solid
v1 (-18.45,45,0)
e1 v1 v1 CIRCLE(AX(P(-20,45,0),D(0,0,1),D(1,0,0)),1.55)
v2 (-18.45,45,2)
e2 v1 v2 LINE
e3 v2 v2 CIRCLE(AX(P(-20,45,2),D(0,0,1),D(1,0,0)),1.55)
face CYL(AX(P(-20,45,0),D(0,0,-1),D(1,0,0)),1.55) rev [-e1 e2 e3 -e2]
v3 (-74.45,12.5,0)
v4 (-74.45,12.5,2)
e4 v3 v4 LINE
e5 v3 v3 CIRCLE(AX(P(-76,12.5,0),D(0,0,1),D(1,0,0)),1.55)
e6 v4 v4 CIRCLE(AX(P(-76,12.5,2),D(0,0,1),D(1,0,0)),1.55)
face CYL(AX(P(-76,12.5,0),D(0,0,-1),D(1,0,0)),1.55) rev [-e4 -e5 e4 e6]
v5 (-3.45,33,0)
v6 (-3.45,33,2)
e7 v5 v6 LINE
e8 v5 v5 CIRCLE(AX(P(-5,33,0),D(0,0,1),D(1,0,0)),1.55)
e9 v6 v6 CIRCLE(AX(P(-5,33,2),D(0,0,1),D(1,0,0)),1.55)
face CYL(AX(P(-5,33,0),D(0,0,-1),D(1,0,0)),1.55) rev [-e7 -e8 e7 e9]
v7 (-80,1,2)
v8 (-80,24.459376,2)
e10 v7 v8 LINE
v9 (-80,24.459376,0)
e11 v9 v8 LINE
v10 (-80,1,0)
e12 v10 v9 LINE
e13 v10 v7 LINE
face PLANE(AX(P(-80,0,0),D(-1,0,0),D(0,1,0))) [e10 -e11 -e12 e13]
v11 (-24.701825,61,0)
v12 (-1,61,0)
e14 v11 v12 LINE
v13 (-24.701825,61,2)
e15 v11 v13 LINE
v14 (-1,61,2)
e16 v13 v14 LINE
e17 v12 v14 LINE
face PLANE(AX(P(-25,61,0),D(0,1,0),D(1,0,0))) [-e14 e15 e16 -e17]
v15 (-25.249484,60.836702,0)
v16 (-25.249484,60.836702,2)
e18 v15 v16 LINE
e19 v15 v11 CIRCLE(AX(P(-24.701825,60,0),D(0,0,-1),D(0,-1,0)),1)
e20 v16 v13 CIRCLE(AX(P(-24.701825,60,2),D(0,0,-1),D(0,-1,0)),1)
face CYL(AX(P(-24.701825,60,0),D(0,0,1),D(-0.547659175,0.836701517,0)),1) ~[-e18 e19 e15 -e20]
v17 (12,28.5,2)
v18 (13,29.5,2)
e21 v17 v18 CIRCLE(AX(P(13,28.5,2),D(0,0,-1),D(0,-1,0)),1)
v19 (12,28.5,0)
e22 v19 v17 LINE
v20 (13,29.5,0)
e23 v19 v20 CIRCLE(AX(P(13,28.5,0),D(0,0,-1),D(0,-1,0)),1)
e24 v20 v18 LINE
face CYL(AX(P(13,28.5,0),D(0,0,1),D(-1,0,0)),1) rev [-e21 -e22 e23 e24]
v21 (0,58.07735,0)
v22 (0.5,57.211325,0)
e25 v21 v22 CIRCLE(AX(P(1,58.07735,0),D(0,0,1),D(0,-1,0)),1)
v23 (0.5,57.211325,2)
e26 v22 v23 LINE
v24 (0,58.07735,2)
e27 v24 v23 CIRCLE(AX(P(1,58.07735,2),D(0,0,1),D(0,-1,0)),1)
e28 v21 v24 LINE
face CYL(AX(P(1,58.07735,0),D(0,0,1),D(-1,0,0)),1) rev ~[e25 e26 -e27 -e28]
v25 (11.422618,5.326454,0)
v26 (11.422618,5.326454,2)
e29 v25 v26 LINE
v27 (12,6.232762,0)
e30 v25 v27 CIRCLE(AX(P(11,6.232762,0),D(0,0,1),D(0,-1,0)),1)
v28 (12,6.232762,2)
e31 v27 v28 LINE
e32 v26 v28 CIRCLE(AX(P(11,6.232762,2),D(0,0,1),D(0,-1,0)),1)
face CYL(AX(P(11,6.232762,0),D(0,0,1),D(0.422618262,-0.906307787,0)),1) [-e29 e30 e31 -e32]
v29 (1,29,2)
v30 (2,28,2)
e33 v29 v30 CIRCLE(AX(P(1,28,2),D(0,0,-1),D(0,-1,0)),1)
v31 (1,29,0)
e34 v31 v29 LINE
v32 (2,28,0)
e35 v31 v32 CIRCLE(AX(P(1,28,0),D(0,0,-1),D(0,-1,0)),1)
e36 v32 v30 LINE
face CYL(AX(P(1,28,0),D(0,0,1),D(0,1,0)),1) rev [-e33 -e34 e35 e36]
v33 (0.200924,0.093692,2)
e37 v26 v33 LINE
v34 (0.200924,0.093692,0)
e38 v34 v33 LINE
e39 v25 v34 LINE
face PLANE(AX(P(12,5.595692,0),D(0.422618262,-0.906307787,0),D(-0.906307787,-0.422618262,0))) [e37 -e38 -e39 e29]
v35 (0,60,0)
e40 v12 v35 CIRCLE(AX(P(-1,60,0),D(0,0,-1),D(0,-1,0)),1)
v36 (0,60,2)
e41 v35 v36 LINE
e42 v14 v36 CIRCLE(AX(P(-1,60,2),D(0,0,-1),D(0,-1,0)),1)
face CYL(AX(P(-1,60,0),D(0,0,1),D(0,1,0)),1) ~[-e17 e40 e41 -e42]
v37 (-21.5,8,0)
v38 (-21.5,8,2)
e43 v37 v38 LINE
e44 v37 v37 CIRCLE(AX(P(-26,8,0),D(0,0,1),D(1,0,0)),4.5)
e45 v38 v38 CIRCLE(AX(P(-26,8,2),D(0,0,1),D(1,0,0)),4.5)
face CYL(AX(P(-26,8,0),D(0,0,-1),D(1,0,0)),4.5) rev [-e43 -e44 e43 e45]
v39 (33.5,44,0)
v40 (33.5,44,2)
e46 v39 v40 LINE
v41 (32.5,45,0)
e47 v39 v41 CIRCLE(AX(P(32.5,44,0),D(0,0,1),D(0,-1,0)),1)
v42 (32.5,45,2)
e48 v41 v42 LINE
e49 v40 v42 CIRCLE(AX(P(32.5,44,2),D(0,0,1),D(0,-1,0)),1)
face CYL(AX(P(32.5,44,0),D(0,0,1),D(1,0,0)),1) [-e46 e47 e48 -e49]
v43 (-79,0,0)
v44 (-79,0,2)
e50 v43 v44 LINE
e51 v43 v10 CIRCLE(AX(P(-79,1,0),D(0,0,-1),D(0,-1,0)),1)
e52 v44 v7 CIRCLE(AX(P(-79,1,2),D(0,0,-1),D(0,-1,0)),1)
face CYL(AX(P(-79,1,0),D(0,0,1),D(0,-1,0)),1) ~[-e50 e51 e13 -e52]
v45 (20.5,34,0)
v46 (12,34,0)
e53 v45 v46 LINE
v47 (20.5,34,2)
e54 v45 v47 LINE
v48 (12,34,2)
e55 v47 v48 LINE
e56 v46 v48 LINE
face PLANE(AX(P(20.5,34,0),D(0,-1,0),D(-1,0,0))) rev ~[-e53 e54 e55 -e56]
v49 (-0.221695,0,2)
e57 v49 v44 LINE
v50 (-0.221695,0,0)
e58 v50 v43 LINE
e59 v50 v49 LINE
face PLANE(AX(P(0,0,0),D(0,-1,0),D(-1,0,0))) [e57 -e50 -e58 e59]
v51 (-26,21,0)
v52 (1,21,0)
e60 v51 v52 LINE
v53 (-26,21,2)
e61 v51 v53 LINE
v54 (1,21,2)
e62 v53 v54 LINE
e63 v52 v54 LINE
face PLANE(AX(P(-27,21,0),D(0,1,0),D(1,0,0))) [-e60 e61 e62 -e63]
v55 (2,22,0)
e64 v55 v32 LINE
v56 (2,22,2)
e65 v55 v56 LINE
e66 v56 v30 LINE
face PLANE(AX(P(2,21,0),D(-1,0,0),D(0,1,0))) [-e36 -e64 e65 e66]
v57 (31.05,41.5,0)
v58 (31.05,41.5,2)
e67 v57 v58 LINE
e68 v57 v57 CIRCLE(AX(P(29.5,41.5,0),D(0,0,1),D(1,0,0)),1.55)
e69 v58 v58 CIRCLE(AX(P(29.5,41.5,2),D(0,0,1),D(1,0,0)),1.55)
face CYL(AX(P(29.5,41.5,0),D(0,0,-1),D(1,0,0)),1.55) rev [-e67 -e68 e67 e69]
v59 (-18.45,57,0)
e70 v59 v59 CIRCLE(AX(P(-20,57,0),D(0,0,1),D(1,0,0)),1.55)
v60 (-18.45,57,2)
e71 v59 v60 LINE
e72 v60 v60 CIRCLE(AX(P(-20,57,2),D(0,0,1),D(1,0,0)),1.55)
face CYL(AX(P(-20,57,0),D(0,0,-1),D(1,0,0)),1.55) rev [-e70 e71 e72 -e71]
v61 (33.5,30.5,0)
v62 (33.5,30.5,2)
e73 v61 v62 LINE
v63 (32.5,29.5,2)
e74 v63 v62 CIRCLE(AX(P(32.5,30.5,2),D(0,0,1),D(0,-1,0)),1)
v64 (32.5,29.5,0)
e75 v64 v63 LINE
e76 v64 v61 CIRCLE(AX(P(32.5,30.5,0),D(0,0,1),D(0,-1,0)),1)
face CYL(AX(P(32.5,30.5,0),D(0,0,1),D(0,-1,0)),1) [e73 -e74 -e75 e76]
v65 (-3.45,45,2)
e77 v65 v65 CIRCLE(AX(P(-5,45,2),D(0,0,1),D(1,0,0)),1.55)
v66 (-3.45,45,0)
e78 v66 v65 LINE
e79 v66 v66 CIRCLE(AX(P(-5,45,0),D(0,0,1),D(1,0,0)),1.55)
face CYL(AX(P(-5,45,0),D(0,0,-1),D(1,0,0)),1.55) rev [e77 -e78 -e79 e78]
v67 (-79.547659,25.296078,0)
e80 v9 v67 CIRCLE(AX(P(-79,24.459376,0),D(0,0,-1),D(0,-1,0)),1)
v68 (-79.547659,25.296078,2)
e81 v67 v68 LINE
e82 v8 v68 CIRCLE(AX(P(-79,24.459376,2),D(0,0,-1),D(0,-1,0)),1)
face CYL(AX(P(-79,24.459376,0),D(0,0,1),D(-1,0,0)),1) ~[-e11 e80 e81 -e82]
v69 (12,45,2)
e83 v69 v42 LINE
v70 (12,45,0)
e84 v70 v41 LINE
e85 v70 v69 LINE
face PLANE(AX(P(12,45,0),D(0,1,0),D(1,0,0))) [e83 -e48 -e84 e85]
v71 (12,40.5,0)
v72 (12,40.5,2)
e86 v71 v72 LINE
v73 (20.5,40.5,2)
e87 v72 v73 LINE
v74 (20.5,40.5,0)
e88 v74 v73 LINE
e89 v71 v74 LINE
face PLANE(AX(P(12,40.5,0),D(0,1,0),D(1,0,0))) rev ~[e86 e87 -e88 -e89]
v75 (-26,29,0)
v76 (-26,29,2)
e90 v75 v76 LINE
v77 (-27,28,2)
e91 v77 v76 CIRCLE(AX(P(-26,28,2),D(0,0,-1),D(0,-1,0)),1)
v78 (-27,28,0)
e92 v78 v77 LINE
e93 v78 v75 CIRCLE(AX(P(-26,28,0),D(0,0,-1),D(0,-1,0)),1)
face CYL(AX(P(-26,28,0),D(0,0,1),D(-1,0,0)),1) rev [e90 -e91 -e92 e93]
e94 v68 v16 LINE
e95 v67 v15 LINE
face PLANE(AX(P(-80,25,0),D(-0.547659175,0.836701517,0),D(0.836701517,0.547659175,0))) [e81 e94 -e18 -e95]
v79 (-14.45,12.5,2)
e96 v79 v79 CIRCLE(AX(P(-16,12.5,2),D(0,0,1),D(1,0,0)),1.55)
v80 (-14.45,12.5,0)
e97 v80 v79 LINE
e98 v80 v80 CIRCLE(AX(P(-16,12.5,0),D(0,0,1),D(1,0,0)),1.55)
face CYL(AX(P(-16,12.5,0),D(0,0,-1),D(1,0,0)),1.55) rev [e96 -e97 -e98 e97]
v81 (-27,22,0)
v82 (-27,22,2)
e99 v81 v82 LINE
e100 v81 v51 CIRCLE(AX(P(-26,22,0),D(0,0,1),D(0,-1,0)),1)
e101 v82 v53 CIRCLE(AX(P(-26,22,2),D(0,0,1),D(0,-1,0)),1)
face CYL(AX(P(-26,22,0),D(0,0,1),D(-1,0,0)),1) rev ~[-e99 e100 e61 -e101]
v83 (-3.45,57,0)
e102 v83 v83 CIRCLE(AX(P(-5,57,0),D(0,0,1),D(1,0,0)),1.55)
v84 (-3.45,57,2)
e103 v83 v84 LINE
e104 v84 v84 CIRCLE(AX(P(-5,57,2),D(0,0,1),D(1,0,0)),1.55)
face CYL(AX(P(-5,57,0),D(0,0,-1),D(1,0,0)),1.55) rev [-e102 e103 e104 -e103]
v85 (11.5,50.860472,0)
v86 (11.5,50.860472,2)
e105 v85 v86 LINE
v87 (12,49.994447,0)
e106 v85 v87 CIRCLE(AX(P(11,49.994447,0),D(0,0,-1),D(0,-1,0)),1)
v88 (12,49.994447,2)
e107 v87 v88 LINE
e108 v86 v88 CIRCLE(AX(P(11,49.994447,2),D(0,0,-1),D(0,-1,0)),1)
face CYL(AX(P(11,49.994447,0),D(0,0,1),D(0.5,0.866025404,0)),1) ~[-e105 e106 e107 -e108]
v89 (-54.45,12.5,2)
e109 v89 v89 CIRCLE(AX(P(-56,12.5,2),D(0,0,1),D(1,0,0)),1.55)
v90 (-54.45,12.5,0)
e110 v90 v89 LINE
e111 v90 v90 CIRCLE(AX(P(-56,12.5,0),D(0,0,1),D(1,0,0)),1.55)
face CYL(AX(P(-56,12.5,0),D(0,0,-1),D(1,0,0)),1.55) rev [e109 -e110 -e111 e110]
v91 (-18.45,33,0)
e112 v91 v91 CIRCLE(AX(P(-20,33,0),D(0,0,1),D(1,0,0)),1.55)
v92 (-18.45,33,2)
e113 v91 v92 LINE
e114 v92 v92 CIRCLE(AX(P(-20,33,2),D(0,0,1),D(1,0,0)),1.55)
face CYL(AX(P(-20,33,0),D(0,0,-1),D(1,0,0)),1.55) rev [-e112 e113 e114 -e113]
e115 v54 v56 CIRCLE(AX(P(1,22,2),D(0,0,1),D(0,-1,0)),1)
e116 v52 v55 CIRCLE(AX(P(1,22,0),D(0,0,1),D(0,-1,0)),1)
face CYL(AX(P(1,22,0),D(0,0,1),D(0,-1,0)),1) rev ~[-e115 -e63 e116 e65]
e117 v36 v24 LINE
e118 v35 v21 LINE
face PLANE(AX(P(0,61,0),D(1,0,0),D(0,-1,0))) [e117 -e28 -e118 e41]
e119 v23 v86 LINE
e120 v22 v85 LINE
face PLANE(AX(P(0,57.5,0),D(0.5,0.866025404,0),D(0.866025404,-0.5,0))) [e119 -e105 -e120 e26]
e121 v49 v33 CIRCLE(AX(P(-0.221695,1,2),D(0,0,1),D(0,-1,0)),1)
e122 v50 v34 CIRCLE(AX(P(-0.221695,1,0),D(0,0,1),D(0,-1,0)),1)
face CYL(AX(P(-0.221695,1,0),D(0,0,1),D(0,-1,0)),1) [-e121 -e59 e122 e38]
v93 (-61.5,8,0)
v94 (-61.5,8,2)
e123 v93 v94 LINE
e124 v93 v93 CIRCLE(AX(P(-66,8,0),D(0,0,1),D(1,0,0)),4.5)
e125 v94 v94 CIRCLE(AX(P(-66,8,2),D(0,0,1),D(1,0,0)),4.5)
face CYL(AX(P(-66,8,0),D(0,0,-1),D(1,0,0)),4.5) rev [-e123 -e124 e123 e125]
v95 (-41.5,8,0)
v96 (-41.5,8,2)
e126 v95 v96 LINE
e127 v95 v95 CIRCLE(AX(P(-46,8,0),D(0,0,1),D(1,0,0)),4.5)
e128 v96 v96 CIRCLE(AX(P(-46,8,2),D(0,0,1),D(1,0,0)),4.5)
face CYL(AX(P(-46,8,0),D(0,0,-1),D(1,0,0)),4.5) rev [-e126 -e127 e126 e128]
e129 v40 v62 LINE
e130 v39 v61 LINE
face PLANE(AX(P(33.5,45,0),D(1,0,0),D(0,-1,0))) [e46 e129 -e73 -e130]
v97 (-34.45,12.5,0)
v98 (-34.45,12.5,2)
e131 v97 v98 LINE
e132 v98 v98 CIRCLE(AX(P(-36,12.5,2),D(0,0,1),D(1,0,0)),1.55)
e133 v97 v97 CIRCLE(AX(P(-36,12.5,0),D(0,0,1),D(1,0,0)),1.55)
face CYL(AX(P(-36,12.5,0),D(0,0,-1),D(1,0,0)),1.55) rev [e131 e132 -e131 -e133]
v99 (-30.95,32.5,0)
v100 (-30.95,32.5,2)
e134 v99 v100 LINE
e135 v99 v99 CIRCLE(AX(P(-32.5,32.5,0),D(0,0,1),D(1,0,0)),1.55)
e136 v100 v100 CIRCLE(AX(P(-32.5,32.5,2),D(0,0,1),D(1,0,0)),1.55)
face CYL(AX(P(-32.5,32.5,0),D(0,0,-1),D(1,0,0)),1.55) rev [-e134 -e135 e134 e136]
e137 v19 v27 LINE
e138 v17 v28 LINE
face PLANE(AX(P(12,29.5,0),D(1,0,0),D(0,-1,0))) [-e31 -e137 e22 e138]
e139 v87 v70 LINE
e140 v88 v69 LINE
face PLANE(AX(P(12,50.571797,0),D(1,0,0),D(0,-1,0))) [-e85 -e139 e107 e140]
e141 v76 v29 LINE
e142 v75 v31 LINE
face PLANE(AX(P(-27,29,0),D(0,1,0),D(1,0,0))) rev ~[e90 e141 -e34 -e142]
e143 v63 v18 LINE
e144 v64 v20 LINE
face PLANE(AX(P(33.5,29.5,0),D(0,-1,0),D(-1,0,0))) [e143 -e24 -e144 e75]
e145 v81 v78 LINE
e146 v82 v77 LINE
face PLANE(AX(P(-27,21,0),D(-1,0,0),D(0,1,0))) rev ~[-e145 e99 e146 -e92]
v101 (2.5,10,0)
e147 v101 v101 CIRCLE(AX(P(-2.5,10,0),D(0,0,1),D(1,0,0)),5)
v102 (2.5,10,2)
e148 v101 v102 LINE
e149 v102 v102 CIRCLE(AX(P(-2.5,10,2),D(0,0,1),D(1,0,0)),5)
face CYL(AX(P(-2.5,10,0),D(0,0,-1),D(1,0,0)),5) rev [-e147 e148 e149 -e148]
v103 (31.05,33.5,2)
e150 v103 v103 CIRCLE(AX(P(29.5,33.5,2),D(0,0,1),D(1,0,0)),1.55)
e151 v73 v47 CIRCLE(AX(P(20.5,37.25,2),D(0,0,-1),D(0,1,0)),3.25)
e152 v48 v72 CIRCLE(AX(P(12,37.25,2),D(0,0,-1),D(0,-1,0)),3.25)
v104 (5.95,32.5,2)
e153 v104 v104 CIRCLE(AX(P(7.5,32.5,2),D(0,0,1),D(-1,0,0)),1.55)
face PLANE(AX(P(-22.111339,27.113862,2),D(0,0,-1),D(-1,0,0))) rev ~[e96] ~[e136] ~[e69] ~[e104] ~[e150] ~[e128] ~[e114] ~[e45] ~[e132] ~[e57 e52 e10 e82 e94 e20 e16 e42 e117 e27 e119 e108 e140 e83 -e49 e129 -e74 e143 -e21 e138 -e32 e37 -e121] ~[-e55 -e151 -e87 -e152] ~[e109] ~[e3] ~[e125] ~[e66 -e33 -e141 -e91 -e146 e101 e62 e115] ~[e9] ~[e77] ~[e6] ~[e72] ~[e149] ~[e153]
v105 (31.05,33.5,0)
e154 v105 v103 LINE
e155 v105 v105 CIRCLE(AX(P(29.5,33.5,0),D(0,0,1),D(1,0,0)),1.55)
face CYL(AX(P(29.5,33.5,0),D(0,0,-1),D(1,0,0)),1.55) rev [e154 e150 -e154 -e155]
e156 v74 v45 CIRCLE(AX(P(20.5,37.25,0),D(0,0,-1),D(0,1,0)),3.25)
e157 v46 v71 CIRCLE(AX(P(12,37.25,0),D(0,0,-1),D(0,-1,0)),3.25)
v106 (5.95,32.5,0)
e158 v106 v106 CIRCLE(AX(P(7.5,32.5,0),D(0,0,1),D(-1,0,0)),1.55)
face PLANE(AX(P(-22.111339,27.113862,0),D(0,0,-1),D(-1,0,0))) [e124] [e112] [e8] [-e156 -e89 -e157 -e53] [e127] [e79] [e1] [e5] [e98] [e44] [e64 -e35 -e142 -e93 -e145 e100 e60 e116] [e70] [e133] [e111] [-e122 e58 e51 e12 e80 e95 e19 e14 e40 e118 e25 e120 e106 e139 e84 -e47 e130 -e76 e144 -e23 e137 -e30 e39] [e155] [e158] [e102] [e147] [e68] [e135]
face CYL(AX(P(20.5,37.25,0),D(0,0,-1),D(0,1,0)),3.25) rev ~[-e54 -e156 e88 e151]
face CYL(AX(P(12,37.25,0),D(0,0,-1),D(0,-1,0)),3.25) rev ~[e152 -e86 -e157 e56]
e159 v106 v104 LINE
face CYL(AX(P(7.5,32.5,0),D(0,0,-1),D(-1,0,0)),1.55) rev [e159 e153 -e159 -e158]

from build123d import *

# Parameters (mm, degrees)
SKETCH_1_R      = 1.55
SKETCH_1_R_2    = 4.5
SKETCH_1_R_3    = 5
SKETCH_1_W      = 29
SKETCH_1_H      = 8
EXTRUDE_1_DEPTH = 2
FILLET_1_R      = 1


with BuildPart() as part:
    # 草图1 → 凸台-拉伸1 (new body)
    with BuildSketch(Plane.XY):
        Polygon((0, 0), (-80, 0), (-80, 25), (-25, 61), (0, 61), (0, 57.5), (12, 50.57179677), (12, 45), (33.5, 45), (33.5, 29.5), (12, 29.5), (12, 5.595691898), align=None)
        with Locations((-36, 12.5)):
            Circle(SKETCH_1_R, mode=Mode.SUBTRACT)
        with Locations((-56, 12.5)):
            Circle(SKETCH_1_R, mode=Mode.SUBTRACT)
        with Locations((-76, 12.5)):
            Circle(SKETCH_1_R, mode=Mode.SUBTRACT)
        with Locations((-16, 12.5)):
            Circle(SKETCH_1_R, mode=Mode.SUBTRACT)
        with Locations((29.5, 41.5)):
            Circle(SKETCH_1_R, mode=Mode.SUBTRACT)
        with Locations((29.5, 33.5)):
            Circle(SKETCH_1_R, mode=Mode.SUBTRACT)
        with Locations((-5, 33)):
            Circle(SKETCH_1_R, mode=Mode.SUBTRACT)
        with Locations((-20, 33)):
            Circle(SKETCH_1_R, mode=Mode.SUBTRACT)
        with Locations((-5, 45)):
            Circle(SKETCH_1_R, mode=Mode.SUBTRACT)
        with Locations((-20, 45)):
            Circle(SKETCH_1_R, mode=Mode.SUBTRACT)
        with Locations((-5, 57)):
            Circle(SKETCH_1_R, mode=Mode.SUBTRACT)
        with Locations((-20, 57)):
            Circle(SKETCH_1_R, mode=Mode.SUBTRACT)
        with Locations((-26, 8)):
            Circle(SKETCH_1_R_2, mode=Mode.SUBTRACT)
        with Locations((-46, 8)):
            Circle(SKETCH_1_R_2, mode=Mode.SUBTRACT)
        with Locations((-66, 8)):
            Circle(SKETCH_1_R_2, mode=Mode.SUBTRACT)
        with Locations((-2.5, 10)):
            Circle(SKETCH_1_R_3, mode=Mode.SUBTRACT)
        with Locations((-32.5, 32.5)):
            Circle(SKETCH_1_R, mode=Mode.SUBTRACT)
        with Locations(Location((7.5, 32.5, 0), (0, 0, 180))):
            Circle(SKETCH_1_R, mode=Mode.SUBTRACT)
        with Locations((-12.5, 25)):
            Rectangle(SKETCH_1_W, SKETCH_1_H, mode=Mode.SUBTRACT)
        with BuildLine():
            Line((20.5, 34), (12, 34))
            ThreePointArc((12, 34), (8.75, 37.25), (12, 40.5))
            Line((12, 40.5), (20.5, 40.5))
            ThreePointArc((20.5, 40.5), (23.75, 37.25), (20.5, 34))
        make_face(mode=Mode.SUBTRACT)
    extrude(amount=EXTRUDE_1_DEPTH)

    # 圆角1
    fillet_1_edges = [part.edges().sort_by_distance(p)[0] for p in [
        (0, 0, 1),
        (-80, 0, 1),
        (-80, 25, 1),
        (-25, 61, 1),
        (0, 61, 1),
        (0, 57.5, 1),
        (12, 50.57179677, 1),
        (33.5, 45, 1),
        (33.5, 29.5, 1),
        (12, 29.5, 1),
        (12, 5.595691898, 1),
        (-27, 29, 1),
        (-27, 21, 1),
        (2, 21, 1),
        (2, 29, 1),
    ]]
    fillet(fillet_1_edges, radius=FILLET_1_R)


solid = part.part
